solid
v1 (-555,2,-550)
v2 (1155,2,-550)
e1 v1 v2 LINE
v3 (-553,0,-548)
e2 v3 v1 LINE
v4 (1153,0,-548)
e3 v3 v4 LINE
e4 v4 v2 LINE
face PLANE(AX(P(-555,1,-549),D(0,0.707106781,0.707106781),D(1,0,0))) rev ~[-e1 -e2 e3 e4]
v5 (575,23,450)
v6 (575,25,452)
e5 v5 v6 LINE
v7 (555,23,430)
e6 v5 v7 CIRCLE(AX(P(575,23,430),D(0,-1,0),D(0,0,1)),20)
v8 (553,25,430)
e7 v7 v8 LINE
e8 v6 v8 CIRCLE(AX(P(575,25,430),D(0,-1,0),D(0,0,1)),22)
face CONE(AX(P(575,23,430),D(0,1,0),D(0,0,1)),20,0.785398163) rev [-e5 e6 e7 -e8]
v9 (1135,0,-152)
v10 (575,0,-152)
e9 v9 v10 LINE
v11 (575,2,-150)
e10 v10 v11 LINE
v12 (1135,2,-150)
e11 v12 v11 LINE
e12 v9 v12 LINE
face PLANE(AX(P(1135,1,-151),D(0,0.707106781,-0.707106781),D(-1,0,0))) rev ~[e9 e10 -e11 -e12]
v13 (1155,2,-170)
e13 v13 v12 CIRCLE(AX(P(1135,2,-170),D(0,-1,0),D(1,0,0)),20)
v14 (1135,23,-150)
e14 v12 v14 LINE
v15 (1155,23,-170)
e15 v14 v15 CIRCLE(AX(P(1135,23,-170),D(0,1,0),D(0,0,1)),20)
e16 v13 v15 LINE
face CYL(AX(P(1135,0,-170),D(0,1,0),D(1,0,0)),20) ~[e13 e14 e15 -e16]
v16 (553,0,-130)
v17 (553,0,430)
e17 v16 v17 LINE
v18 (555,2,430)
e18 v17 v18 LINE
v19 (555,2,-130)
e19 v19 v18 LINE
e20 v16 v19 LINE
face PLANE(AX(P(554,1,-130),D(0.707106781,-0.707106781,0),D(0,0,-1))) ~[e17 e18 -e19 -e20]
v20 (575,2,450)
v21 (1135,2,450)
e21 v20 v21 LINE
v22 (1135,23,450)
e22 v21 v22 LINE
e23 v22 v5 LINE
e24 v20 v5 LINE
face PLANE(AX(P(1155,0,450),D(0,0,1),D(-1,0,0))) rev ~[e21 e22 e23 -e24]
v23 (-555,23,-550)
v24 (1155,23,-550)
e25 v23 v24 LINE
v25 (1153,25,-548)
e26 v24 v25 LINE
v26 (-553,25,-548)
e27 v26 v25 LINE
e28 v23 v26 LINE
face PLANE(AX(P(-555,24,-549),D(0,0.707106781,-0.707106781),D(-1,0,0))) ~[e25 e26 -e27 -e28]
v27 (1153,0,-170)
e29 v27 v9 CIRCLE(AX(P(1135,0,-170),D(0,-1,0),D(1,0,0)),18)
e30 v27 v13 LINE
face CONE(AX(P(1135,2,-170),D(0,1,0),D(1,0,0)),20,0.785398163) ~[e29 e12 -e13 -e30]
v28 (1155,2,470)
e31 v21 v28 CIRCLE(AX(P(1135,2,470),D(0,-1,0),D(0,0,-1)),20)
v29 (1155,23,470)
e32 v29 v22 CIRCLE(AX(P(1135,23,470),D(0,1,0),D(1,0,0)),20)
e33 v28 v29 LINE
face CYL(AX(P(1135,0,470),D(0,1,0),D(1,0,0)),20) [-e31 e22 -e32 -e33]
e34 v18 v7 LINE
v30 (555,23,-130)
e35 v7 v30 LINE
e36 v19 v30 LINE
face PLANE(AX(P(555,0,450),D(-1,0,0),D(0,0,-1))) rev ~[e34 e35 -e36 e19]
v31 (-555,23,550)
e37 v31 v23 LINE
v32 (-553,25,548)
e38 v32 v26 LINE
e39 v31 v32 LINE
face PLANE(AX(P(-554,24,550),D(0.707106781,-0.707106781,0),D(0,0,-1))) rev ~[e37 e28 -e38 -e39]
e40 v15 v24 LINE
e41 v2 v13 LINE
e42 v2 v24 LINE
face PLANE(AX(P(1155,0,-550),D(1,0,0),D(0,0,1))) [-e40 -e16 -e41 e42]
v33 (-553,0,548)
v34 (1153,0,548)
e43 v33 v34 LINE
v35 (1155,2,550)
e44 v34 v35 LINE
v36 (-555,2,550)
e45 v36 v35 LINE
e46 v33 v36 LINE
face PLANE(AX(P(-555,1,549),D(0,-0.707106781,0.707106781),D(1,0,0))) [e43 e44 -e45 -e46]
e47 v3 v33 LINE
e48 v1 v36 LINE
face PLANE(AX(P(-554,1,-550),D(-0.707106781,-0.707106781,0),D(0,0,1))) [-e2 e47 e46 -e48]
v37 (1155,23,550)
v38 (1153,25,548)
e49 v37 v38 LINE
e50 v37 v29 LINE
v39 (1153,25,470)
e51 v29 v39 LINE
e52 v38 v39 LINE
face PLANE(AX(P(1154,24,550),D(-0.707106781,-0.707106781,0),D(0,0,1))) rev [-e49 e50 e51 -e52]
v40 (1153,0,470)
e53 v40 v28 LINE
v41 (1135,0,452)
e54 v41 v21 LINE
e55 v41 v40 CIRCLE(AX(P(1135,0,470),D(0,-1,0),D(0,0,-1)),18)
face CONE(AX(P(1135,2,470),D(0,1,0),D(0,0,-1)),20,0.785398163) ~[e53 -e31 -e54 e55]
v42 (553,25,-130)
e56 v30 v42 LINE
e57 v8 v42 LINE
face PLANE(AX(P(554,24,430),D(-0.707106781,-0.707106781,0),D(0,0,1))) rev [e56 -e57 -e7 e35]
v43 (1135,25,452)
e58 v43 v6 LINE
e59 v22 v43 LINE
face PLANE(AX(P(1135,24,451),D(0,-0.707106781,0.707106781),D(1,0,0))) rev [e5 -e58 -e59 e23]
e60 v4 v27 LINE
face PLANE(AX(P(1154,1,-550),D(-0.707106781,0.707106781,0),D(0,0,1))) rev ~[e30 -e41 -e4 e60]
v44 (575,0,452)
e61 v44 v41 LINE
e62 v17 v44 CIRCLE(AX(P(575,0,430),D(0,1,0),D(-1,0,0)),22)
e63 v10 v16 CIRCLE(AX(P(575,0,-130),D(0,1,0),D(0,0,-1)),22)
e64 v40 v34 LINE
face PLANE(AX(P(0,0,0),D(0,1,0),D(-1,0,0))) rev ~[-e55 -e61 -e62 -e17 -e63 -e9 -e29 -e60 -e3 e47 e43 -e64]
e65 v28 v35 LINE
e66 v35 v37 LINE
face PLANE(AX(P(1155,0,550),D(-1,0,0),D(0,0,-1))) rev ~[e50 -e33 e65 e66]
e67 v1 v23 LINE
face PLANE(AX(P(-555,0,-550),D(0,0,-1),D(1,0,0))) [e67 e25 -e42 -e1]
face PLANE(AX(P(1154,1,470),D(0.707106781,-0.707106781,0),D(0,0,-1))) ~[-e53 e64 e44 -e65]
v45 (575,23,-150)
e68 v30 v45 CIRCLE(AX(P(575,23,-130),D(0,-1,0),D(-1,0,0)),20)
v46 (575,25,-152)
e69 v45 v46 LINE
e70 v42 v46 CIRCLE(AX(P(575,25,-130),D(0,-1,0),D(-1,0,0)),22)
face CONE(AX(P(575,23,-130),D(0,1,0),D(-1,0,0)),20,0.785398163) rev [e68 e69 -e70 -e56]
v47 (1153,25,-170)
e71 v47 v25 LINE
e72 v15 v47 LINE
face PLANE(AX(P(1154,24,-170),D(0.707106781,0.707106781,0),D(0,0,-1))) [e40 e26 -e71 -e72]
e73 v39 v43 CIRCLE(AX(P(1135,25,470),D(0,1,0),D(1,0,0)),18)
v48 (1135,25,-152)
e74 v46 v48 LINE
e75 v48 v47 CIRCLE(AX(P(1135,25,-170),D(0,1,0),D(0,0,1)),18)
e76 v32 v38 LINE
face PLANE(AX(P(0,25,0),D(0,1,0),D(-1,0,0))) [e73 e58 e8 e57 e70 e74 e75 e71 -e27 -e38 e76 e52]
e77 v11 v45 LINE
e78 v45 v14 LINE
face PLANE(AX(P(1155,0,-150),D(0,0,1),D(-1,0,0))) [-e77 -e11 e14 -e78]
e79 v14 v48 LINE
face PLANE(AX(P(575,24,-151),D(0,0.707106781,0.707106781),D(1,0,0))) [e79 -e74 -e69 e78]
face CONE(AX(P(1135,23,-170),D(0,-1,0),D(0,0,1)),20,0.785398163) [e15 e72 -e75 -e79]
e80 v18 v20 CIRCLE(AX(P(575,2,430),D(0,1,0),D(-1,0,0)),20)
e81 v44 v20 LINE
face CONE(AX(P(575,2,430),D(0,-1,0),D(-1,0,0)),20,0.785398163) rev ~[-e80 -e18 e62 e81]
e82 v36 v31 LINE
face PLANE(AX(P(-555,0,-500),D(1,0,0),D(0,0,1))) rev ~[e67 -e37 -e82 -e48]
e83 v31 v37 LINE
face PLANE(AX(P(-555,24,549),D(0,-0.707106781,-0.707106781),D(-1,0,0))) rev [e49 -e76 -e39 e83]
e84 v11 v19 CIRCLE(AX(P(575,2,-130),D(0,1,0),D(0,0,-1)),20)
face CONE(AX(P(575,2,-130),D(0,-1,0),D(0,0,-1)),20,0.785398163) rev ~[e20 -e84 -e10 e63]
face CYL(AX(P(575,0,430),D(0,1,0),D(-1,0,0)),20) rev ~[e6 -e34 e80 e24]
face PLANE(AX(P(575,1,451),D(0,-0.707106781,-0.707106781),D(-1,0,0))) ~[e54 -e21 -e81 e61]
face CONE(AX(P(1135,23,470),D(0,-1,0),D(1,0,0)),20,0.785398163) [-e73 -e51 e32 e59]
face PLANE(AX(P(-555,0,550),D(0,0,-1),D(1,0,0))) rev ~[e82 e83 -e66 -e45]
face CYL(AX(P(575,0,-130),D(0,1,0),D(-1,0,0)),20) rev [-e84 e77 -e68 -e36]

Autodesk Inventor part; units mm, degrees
ref_plane "YZ Plane" through (0, 0, 0) normal (1, 0, 0) x (0, 1, 0)
ref_plane "XZ Plane" through (0, 0, 0) normal (0, 1, 0) x (-1, 0, 0)
ref_plane "XY Plane" through (0, 0, 0) normal (0, 0, 1) x (1, 0, 0)
sketch "Sketch1" plane through (0, 0, 0) normal (0, 1, 0) x (-1, 0, 0)
  line L0 (555, 500) -> (-555, 500)
  line L1 (-555, 500) -> (-555, -500)
  line L2 (-555, -500) -> (555, -500)
  line L3 (555, -500) -> (555, 500)
  line L4 (555, 500) -> (-555, -500) construction
  line L5 (-555, 500) -> (555, -500) construction
  line L6 (235, 50) -> (505, 50)
  line L7 (505, 50) -> (505, 450)
  line L8 (505, 450) -> (235, 450)
  line L9 (235, 450) -> (235, 50)
  line L10 (-135, 50) -> (135, 50)
  line L11 (135, 50) -> (135, 450)
  line L12 (135, 450) -> (-135, 450)
  line L13 (-135, 450) -> (-135, 50)
  line L14 (-505, 50) -> (-235, 50)
  line L15 (-235, 50) -> (-235, 450)
  line L16 (-235, 450) -> (-505, 450)
  line L17 (-505, 450) -> (-505, 50)
  line L18 (235, -450) -> (505, -450)
  line L19 (505, -450) -> (505, -50)
  line L20 (505, -50) -> (235, -50)
  line L21 (235, -50) -> (235, -450)
  line L22 (-135, -450) -> (135, -450)
  line L23 (135, -450) -> (135, -50)
  line L24 (135, -50) -> (-135, -50)
  line L25 (-135, -50) -> (-135, -450)
  line L26 (-505, -450) -> (-235, -450)
  line L27 (-235, -450) -> (-235, -50)
  line L28 (-235, -50) -> (-505, -50)
  line L29 (-505, -50) -> (-505, -450)
  line L30 (-555, 500) -> (-1155, 500)
  line L31 (-1155, 500) -> (-1155, -500)
  line L32 (-1155, -500) -> (-555, -500)
  line L33 (-555, -500) -> (-555, 500)
  line L34 (-555, 500) -> (-1155, 500)
  line L35 (-1155, 500) -> (-1155, 450)
  line L36 (-1155, 450) -> (-555, 450)
  line L37 (-555, 450) -> (-555, 500)
  line L38 (-555, -500) -> (-1155, -500)
  line L39 (-1155, -500) -> (-1155, -450)
  line L40 (-1155, -450) -> (-555, -450)
  line L41 (-555, -450) -> (-555, -500)
  line L42 (-1155, -500) -> (555, -500)
  line L43 (555, -500) -> (555, -550)
  line L44 (555, -550) -> (-1155, -550)
  line L45 (-1155, -550) -> (-1155, -500)
  line L46 (-1155, 500) -> (555, 500)
  line L47 (555, 500) -> (555, 550)
  line L48 (555, 550) -> (-1155, 550)
  line L49 (-1155, 550) -> (-1155, 500)
  line L50 (-555, 450) -> (-1155, 450)
  line L51 (-1155, 450) -> (-1155, -150)
  line L52 (-1155, -150) -> (-555, -150)
  line L53 (-555, -150) -> (-555, 450)
  point P0 (0, 0)
  point P1 (555, -525)
  dimension "d0" = 1000
  dimension "d1" = 1110
  dimension "d2" = 400
  dimension "d3" = 270
  dimension "d4" = 50
  dimension "d5" = 50
  dimension "d8" = 370
  dimension "d11" = 500
  dimension "d14" = 600
  dimension "d15" = 50
  dimension "d16" = 50
  dimension "d17" = 50
  dimension "d18" = 50
  dimension "d19" = 600
  dimension "d26" = 0
  dimension "d27" = 0
extrude "Extrusion1" add sketch "Sketch1" along normal blind 25 contours L3 L2 L1 L0 | L0 L30 L49 L48 L47 | L1 L36 L31 L30 | L43 L44 L45 L32 L2 | L32 L31 L40 L1 | L1 L40 L31 L52 | L9 L8 L7 L6 | L13 L12 L11 L10 | L17 L16 L15 L14 | L21 L20 L19 L18 | L25 L24 L23 L22 | L29 L28 L27 L26
fillet "Fillet1" radius 20 4 edges at (555, 12.5, -150) (555, 12.5, 450) (1155, 12.5, 450) (1155, 12.5, -150)
chamfer "Chamfer1" distance 2 angle 45 20 edges at (855, 0, -150) (1149.1421, 0, -155.8579) (1155, 0, -335) (555, 0, 150) (855, 0, 450) (1149.1421, 0, 455.8579) (1155, 0, 485) (300, 0, 550) (-555, 0, 0) (300, 0, -550) (1155, 25, -335) (1149.1421, 25, -155.8579) (855, 25, -150) (555, 25, 150) (855, 25, 450) (1149.1421, 25, 455.8579) (1155, 25, 485) (300, 25, 550) (-555, 25, 0) (300, 25, -550)
equation "\"d0\" = Grundplatte_Width"
equation "\"d1\" = Grundplatte_Hight"
equation "\"d2\" = Palette_Width"
equation "\"d3\" = Palette_Hight"
equation "\"d4\" = Palette_Padding_Outer"
equation "\"d5\" = Palette_Padding_Outer"
equation "\"d8\" = Palette_Padding_Inner_X"
equation "\"d11\" = Palette_Padding_Inner_Y"
equation "\"d15\" = Palette_Padding_Outer"
equation "\"d16\" = Palette_Padding_Outer"
equation "\"d17\" = Palette_Padding_Outer"
equation "\"d18\" = Palette_Padding_Outer"
equation "\"Palette_Width\" = 400"
equation "\"Palette_Hight\" = 270"
equation "\"Palette_Padding_Outer\" = 0.5 * Palette_Padding"
equation "\"Palette_Padding_Inner_X\" = Palette_Hight + Palette_Padding"
equation "\"Palette_Padding_Inner_Y\" = Palette_Width + Palette_Padding"
equation "\"Grundplatte_Width\" = 1000"
equation "\"Grundplatte_Hight\" = 1110"
equation "\"Palette_Padding\" = 100"
properties part number "Grundplatte"
